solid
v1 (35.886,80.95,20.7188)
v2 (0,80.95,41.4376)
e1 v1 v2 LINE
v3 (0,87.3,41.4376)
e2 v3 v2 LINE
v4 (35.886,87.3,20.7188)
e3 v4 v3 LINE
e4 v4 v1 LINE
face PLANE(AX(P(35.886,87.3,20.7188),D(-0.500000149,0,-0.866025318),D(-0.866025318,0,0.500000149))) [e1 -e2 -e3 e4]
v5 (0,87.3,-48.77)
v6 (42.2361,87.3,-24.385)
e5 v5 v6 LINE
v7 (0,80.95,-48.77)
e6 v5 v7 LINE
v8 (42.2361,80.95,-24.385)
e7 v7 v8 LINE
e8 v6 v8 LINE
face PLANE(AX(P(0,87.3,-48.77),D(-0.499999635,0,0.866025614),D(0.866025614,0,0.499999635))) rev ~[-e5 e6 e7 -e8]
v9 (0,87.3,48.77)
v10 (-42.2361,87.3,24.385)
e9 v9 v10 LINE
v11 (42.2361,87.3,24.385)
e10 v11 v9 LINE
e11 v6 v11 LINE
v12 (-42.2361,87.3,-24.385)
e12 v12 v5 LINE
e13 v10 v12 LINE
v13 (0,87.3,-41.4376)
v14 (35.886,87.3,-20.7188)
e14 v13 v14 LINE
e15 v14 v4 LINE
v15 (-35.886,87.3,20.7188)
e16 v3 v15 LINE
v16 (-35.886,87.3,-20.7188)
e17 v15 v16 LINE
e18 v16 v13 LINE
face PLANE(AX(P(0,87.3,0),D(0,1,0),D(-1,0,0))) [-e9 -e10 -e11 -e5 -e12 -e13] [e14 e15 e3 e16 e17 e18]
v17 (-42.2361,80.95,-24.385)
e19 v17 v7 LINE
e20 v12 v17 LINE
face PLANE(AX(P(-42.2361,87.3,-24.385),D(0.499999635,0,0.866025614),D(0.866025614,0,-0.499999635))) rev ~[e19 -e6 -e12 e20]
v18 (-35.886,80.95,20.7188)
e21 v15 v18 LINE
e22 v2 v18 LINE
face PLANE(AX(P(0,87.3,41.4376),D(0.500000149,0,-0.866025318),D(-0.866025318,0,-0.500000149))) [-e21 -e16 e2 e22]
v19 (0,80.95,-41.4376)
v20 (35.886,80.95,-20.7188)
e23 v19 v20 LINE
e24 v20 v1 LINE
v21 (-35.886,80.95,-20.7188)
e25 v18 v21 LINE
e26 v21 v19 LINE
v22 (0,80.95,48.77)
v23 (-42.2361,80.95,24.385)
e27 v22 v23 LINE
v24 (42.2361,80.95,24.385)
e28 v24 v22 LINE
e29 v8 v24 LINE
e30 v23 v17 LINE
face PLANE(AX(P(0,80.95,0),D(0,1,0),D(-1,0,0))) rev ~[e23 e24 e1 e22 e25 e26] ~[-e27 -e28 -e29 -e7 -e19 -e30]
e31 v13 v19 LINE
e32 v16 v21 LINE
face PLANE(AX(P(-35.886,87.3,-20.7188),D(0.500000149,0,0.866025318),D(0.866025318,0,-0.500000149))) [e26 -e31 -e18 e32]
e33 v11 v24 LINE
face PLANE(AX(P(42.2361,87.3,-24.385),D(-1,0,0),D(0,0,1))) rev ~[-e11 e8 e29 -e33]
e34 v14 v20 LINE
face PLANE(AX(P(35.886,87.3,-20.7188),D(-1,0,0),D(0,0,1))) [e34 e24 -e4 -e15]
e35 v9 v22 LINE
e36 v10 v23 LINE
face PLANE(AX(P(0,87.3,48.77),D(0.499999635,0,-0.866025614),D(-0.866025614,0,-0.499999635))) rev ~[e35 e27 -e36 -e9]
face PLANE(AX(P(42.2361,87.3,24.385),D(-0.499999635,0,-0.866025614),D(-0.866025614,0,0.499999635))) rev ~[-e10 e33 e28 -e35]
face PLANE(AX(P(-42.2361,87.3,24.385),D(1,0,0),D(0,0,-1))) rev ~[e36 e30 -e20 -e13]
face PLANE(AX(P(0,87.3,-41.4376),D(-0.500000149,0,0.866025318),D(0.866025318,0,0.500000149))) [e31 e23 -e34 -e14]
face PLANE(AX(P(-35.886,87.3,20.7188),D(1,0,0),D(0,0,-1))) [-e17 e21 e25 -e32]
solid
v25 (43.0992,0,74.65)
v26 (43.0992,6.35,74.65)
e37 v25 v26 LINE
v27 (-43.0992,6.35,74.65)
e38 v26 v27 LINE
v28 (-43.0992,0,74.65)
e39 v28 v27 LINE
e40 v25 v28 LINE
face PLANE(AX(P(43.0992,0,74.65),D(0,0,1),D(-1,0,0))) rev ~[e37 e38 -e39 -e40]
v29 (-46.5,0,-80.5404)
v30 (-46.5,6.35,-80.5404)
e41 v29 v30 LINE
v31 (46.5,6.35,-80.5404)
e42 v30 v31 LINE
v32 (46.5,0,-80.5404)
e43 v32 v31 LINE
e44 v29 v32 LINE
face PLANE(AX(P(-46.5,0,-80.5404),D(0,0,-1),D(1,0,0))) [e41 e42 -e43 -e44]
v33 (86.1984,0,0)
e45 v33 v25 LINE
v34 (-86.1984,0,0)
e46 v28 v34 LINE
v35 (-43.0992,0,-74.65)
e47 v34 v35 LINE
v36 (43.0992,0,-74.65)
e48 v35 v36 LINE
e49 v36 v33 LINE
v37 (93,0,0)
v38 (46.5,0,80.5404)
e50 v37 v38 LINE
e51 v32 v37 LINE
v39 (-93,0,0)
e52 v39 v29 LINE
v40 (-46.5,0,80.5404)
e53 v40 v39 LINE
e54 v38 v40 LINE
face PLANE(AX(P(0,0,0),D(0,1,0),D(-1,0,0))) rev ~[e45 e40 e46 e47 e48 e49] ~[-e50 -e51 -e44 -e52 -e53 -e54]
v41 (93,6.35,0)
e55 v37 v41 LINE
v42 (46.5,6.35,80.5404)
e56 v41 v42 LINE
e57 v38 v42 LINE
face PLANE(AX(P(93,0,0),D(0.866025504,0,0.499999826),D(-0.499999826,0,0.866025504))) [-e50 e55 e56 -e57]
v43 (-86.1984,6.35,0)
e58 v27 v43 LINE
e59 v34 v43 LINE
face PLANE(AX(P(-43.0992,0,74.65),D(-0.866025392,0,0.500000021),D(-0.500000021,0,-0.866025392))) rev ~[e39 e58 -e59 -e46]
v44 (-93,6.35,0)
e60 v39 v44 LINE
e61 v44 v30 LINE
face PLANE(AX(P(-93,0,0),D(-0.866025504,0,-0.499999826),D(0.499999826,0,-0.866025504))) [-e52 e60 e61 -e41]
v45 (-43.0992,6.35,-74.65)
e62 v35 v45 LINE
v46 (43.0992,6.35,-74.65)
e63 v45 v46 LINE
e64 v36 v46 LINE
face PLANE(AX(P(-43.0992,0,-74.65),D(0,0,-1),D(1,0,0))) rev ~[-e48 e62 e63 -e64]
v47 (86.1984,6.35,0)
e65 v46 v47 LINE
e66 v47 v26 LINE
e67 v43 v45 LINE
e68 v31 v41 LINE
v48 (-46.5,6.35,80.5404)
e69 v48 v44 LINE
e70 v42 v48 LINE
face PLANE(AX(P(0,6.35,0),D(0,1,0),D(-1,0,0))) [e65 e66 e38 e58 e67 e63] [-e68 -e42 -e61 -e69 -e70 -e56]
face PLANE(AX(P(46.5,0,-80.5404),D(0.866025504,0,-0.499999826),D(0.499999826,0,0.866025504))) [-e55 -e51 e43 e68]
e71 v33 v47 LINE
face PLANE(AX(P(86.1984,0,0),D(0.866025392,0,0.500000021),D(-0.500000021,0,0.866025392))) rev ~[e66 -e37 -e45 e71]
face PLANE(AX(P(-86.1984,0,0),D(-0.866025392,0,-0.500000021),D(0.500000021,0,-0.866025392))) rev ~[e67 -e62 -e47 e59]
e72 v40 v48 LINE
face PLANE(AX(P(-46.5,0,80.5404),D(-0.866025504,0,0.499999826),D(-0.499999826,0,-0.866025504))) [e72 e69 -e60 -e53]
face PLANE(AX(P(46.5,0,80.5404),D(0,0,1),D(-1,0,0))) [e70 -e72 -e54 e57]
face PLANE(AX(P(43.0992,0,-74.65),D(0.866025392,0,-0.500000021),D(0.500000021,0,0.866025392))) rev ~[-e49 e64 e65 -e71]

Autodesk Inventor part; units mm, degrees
ref_plane "YZ Plane" through (0, 0, 0) normal (1, 0, 0) x (0, 1, 0)
ref_plane "XY Plane" through (0, 0, 0) normal (0, 0, 1) x (1, 0, 0)
sketch "Sketch1" plane through (0, 0, 0) normal (0, 1, 0) x (-1, 0, 0)
  line L0 (93, 0) -> (46.5, -80.5404)
  line L1 (46.5, -80.5404) -> (-46.5, -80.5404)
  line L2 (-46.5, -80.5404) -> (-93, 0)
  line L3 (-93, 0) -> (-46.5, 80.5404)
  line L4 (-46.5, 80.5404) -> (46.5, 80.5404)
  line L5 (46.5, 80.5404) -> (93, 0)
  line L6 (43.0992, -74.65) -> (-43.0992, -74.65)
  line L7 (-43.0992, -74.65) -> (-86.1984, 0)
  line L8 (-86.1984, 0) -> (-43.0992, 74.65)
  line L9 (-43.0992, 74.65) -> (43.0992, 74.65)
  line L10 (43.0992, 74.65) -> (86.1984, 0)
  line L11 (86.1984, 0) -> (43.0992, -74.65)
  point P0 (0, 0)
  point P1 (0, 0)
  point P2 (0, 0)
extrude "Extrusion1" add sketch "Sketch1" along normal blind 6.35
ref_plane "Work Plane1" through (0, 87.3, 0) normal (0, 1, 0) x (-1, 0, 0)
sketch "Sketch2" plane through (0, 0, 0) normal (0, 0, 1) x (1, 0, 0)
  circle A0 centre (0, 0) radius 100
  dimension "d5" = 200
sketch "Sketch3" plane through (0, 87.3, 0) normal (0, 1, 0) x (-1, 0, 0)
  line L0 (-86.1984, 0) -> (-43.0992, 74.65) projected
  line L1 (-42.2361, 24.385) -> (0, 48.77)
  line L2 (0, 48.77) -> (42.2361, 24.385)
  line L3 (42.2361, 24.385) -> (42.2361, -24.385)
  line L4 (42.2361, -24.385) -> (0, -48.77)
  line L5 (0, -48.77) -> (-42.2361, -24.385)
  line L6 (-42.2361, -24.385) -> (-42.2361, 24.385)
  line L7 (0, 41.4376) -> (35.886, 20.7188)
  line L8 (35.886, 20.7188) -> (35.886, -20.7188)
  line L9 (35.886, -20.7188) -> (0, -41.4376)
  line L10 (0, -41.4376) -> (-35.886, -20.7188)
  line L11 (-35.886, -20.7188) -> (-35.886, 20.7188)
  line L12 (-35.886, 20.7188) -> (0, 41.4376)
  point P0 (0, 0)
extrude "Extrusion2" add sketch "Sketch3" against normal blind 6.35
sketch3d "3D Sketch1"
properties part number "Straight Dome"
